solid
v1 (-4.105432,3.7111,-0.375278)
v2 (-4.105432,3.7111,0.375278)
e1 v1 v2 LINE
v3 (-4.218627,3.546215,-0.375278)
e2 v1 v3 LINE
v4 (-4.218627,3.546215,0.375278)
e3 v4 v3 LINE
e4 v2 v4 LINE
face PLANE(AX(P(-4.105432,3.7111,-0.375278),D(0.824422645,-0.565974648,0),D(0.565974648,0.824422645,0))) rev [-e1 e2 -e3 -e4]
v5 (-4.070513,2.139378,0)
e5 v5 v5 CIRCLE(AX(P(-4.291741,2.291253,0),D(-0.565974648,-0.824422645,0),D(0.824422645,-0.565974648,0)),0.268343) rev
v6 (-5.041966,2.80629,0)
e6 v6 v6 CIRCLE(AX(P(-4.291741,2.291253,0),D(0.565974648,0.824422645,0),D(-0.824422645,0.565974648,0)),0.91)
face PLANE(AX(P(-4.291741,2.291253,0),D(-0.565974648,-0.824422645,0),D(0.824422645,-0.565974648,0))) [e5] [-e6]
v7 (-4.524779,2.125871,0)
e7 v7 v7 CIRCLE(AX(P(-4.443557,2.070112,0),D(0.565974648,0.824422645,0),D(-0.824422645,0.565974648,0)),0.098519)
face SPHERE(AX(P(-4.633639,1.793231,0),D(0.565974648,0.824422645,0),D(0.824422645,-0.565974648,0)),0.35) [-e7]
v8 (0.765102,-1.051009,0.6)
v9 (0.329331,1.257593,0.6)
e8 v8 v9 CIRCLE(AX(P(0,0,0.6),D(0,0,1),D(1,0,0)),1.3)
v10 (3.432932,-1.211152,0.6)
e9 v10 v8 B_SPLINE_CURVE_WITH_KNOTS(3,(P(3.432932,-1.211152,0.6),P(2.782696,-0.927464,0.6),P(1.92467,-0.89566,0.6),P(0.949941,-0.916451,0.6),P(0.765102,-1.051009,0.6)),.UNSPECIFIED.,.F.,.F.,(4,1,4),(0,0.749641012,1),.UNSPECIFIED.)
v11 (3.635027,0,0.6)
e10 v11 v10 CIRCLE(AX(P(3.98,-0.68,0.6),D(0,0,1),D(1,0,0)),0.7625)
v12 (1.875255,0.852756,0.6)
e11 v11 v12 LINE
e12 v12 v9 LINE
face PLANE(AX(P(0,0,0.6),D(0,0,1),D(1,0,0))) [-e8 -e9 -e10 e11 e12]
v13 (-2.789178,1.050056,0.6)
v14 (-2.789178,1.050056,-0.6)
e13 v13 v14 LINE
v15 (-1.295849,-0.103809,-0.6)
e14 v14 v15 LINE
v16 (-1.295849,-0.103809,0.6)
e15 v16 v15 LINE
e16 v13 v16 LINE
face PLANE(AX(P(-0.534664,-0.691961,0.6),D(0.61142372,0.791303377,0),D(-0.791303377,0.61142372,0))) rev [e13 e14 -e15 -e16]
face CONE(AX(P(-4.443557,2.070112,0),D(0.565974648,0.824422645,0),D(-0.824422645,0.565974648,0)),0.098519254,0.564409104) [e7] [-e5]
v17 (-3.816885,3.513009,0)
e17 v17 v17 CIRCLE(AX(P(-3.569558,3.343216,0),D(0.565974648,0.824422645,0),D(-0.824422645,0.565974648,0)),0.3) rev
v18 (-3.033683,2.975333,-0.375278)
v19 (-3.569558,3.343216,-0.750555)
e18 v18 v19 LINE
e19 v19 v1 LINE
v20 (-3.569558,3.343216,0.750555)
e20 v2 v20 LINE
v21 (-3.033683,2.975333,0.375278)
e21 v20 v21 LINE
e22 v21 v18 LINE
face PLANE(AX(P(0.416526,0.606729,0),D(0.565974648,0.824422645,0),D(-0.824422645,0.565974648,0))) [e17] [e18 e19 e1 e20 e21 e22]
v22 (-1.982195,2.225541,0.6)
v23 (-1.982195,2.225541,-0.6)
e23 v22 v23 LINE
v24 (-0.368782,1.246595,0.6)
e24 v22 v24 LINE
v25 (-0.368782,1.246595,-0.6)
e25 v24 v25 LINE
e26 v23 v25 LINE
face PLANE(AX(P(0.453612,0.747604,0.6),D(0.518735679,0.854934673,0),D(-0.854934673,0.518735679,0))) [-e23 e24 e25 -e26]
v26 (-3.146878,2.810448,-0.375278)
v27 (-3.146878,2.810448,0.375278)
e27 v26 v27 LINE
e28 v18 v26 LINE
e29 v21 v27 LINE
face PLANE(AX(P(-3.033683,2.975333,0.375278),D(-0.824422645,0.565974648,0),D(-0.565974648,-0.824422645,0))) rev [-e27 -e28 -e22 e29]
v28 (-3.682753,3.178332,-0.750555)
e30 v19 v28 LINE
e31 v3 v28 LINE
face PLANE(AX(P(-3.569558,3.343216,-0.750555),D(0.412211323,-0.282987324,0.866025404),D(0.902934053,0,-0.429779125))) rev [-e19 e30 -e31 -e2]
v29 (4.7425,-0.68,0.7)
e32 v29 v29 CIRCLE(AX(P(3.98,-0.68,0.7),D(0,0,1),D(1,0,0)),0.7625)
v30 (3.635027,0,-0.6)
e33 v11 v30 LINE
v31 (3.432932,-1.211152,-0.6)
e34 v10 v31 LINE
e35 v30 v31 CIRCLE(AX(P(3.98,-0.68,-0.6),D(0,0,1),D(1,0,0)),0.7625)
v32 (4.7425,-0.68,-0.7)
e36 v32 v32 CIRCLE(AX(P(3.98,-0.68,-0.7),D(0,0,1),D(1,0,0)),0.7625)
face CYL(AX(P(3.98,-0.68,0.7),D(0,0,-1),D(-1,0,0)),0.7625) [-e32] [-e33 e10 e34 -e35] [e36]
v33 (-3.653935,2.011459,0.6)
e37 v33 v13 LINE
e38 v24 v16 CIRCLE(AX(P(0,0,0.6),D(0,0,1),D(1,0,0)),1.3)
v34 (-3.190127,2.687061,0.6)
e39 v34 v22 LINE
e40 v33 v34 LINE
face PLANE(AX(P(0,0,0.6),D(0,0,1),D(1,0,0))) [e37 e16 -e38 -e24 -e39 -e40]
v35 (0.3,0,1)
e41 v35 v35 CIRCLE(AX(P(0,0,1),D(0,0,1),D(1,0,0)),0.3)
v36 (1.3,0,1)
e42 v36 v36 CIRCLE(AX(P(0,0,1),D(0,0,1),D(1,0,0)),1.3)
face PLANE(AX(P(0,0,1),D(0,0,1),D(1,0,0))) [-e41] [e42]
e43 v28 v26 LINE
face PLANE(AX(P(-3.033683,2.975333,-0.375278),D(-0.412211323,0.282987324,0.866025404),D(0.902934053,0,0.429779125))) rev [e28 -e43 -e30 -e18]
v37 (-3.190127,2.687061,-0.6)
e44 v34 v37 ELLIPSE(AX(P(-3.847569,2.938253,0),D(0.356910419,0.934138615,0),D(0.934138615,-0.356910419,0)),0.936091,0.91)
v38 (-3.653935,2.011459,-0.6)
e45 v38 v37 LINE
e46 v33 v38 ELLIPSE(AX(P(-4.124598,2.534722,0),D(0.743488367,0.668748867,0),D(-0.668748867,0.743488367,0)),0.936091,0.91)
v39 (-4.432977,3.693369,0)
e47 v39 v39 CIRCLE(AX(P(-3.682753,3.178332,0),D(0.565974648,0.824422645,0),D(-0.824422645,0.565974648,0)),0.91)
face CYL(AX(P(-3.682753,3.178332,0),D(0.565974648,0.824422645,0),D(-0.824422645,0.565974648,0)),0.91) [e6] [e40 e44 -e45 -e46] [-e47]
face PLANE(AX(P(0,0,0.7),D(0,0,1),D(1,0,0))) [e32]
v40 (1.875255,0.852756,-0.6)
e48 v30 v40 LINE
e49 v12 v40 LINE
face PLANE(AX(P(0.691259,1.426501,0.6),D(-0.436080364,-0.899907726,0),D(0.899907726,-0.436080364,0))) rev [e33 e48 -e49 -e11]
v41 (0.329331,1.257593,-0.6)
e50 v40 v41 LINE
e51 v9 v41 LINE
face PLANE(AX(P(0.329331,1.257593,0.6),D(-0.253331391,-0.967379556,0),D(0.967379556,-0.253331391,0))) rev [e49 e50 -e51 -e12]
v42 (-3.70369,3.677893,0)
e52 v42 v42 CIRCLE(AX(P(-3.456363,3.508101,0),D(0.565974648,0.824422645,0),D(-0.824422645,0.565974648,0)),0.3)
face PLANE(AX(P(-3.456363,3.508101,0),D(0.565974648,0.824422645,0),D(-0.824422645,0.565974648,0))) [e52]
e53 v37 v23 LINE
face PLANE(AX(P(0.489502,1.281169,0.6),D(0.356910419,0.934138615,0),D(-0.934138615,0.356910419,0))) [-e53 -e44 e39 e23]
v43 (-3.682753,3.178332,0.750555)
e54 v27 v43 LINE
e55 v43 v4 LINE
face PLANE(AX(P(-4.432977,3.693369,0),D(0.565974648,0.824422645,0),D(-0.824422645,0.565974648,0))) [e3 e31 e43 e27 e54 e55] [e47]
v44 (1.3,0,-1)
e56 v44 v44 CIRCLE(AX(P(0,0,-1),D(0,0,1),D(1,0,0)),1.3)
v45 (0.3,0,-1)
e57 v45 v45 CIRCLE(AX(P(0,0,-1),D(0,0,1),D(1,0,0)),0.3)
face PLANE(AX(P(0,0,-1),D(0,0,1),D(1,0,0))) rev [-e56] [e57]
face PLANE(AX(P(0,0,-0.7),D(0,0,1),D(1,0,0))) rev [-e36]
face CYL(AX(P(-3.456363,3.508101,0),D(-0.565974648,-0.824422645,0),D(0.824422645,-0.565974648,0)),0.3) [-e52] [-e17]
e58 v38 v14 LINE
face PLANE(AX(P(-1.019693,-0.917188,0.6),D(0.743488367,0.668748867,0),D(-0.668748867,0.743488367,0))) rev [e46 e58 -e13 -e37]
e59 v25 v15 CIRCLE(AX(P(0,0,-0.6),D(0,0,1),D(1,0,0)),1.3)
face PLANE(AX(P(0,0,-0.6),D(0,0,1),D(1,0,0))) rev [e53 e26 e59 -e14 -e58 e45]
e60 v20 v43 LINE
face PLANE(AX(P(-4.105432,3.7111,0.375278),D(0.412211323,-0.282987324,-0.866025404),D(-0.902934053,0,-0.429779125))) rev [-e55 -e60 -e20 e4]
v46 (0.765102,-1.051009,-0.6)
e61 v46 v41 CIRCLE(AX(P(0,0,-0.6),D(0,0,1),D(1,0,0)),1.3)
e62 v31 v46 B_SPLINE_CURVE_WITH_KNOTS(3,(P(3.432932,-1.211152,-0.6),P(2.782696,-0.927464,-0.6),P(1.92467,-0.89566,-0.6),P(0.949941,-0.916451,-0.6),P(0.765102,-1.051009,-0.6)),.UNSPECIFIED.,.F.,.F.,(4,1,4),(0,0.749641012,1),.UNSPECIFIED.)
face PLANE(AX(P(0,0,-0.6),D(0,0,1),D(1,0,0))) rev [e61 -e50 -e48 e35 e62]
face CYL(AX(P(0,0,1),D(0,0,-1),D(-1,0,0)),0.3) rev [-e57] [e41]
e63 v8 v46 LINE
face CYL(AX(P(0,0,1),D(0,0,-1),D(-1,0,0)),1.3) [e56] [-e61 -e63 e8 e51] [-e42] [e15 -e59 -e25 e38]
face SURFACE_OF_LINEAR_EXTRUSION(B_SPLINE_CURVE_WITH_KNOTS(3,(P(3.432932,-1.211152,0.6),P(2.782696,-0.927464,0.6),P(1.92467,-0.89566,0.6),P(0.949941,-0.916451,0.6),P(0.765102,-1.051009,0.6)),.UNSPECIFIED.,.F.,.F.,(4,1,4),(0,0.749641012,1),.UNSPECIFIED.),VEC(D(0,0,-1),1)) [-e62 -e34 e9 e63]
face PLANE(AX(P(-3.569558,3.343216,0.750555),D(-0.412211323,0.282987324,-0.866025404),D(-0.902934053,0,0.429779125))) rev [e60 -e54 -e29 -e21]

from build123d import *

# Parameters (mm, degrees)
SKETCH1_R           = 0.3
BOSS_EXTRUDE1_DEPTH = 1
BOSS_EXTRUDE2_DEPTH = 0.7
BOSS_EXTRUDE3_DEPTH = 0.6
BOSS_EXTRUDE4_DEPTH = 0.6
BOSS_EXTRUDE5_DEPTH = 0.2
SKETCH5_R           = 0.3
BOSS_EXTRUDE6_DEPTH = 0.2


with BuildPart() as part:
    # Sketch1 → Boss-Extrude1 (new, symmetric)
    with BuildSketch(Plane.XY):
        with BuildLine():
            ThreePointArc((1.3, 0), (1.02910885, 0.794314153), (0.329330809, 1.257593423))
            ThreePointArc((0.329330809, 1.257593423), (-0.020477848, 1.299838705), (-0.368782161, 1.24659525))
            ThreePointArc((-0.368782161, 1.24659525), (-1.071749439, 0.735767042), (-1.295848634, -0.103809043))
            ThreePointArc((-1.295848634, -0.103809043), (-0.542880941, -1.181219829), (0.765101997, -1.051008532))
            ThreePointArc((0.765101997, -1.051008532), (1.158583747, -0.5896471), (1.3, 0))
        make_face()
        Circle(SKETCH1_R, mode=Mode.SUBTRACT)
    extrude(amount=BOSS_EXTRUDE1_DEPTH, both=True)



with BuildPart() as body_2:
    # Sketch1<3> → Boss-Extrude2 (new, symmetric)
    with BuildSketch(Plane.XY):
        with BuildLine():
            ThreePointArc((4.7425, -0.68), (4.378976485, -0.030212331), (3.635027175, 0))
            ThreePointArc((3.635027175, 0), (3.227898468, -0.554502849), (3.432931907, -1.211152286))
            ThreePointArc((3.432931907, -1.211152286), (4.266589278, -1.386592411), (4.7425, -0.68))
        make_face()
    extrude(amount=BOSS_EXTRUDE2_DEPTH, both=True)


with BuildPart() as part_1:
    add(part.part)

    add(body_2.part)  # Boss-Extrude3 merges body 2
    # Sketch1<4> → Boss-Extrude3 (add, symmetric)
    with BuildSketch(Plane.XY):
        with BuildLine():
            ThreePointArc((3.432931907, -1.211152286), (3.227898468, -0.554502849), (3.635027175, 0))
            Line((3.635027175, 0), (1.875255399, 0.852756227))
            Line((1.875255399, 0.852756227), (0.329330809, 1.257593423))
            ThreePointArc((0.329330809, 1.257593423), (1.02910885, 0.794314153), (1.3, 0))
            ThreePointArc((1.3, 0), (1.158583747, -0.5896471), (0.765101997, -1.051008532))
            add(Edge.make_bspline(
                [(3.432931907, -1.211152286), (2.782696134, -0.927463912), (1.92467005, -0.895659575), (0.949941147, -0.916451296), (0.765101997, -1.051008532)],
                knots=[0, 0, 0, 0, 0.749641012, 1, 1, 1, 1], degree=3))
        make_face()
    extrude(amount=BOSS_EXTRUDE3_DEPTH, both=True)

    # Sketch1<5> → Boss-Extrude4 (add, symmetric)
    with BuildSketch(Plane.XY):
        with BuildLine():
            ThreePointArc((-1.295848634, -0.103809043), (-1.071749439, 0.735767042), (-0.368782161, 1.24659525))
            Line((-0.368782161, 1.24659525), (-1.982194984, 2.225541153))
            Line((-1.982194984, 2.225541153), (-3.468005165, 2.793231136))
            Line((-3.468005165, 2.793231136), (-3.852867925, 2.232623737))
            Line((-3.852867925, 2.232623737), (-2.789177956, 1.050055575))
            Line((-2.789177956, 1.050055575), (-1.295848634, -0.103809043))
        make_face()
    extrude(amount=BOSS_EXTRUDE4_DEPTH, both=True)



with BuildPart() as body_2_2:
    # Sketch2 → Revolve1 (revolve)
    with BuildSketch(Plane.XY):
        with BuildLine():
            Line((-3.852867925, 2.232623737), (-3.445366179, 2.826208042))
            Line((-3.445366179, 2.826208042), (-3.771013124, 3.049768027))
            Line((-3.771013124, 3.049768027), (-4.831729785, 1.50468321))
            ThreePointArc((-4.831729785, 1.50468321), (-4.376188277, 1.556125039), (-4.362335635, 2.014352527))
            Line((-4.362335635, 2.014352527), (-3.852867925, 2.232623737))
        make_face()
    revolve(axis=Axis((-3.771013124, 3.049768027, 0), (-0.5659746478395028, -0.8244226452511788, 0)))


with BuildPart() as part_2:
    add(part_1.part)

    add(body_2_2.part)  # Revolve2 merges body 2 2
    # Sketch3 → Revolve2 (revolve)
    with BuildSketch(Plane.XY):
        Polygon((-3.682752686, 3.178331919), (-4.291741407, 2.291253153), (-5.041966015, 2.806290082), (-4.432977294, 3.693368848), align=None)
    revolve(axis=Axis((-3.682752686, 3.178331919, 0), (-0.5659746478395036, -0.8244226452511781, 0)))

    # Sketch4 → Boss-Extrude5 (add, symmetric)
    with BuildSketch(Plane(origin=(0.303330803, 0.441844497, 0), x_dir=(0.824422645251178, -0.5659746478395038, 0), z_dir=(0.5659746478395038, 0.824422645251178, 0))):
        Polygon((-4.835, 0.75055535), (-5.485, 0.375277675), (-5.485, -0.375277675), (-4.835, -0.75055535), (-4.185, -0.375277675), (-4.185, 0.375277675), align=None)
    extrude(amount=BOSS_EXTRUDE5_DEPTH, both=True)

    # Sketch5 → Boss-Extrude6 (add, symmetric)
    with BuildSketch(Plane(origin=(0.416525733, 0.606729026, 0), x_dir=(0.8244226452511778, -0.5659746478395041, 0), z_dir=(0.565974647839504, 0.8244226452511777, 0))):
        with Locations((-4.835, 0)):
            Circle(SKETCH5_R)
    extrude(amount=BOSS_EXTRUDE6_DEPTH, both=True)


solid = part_2.part
